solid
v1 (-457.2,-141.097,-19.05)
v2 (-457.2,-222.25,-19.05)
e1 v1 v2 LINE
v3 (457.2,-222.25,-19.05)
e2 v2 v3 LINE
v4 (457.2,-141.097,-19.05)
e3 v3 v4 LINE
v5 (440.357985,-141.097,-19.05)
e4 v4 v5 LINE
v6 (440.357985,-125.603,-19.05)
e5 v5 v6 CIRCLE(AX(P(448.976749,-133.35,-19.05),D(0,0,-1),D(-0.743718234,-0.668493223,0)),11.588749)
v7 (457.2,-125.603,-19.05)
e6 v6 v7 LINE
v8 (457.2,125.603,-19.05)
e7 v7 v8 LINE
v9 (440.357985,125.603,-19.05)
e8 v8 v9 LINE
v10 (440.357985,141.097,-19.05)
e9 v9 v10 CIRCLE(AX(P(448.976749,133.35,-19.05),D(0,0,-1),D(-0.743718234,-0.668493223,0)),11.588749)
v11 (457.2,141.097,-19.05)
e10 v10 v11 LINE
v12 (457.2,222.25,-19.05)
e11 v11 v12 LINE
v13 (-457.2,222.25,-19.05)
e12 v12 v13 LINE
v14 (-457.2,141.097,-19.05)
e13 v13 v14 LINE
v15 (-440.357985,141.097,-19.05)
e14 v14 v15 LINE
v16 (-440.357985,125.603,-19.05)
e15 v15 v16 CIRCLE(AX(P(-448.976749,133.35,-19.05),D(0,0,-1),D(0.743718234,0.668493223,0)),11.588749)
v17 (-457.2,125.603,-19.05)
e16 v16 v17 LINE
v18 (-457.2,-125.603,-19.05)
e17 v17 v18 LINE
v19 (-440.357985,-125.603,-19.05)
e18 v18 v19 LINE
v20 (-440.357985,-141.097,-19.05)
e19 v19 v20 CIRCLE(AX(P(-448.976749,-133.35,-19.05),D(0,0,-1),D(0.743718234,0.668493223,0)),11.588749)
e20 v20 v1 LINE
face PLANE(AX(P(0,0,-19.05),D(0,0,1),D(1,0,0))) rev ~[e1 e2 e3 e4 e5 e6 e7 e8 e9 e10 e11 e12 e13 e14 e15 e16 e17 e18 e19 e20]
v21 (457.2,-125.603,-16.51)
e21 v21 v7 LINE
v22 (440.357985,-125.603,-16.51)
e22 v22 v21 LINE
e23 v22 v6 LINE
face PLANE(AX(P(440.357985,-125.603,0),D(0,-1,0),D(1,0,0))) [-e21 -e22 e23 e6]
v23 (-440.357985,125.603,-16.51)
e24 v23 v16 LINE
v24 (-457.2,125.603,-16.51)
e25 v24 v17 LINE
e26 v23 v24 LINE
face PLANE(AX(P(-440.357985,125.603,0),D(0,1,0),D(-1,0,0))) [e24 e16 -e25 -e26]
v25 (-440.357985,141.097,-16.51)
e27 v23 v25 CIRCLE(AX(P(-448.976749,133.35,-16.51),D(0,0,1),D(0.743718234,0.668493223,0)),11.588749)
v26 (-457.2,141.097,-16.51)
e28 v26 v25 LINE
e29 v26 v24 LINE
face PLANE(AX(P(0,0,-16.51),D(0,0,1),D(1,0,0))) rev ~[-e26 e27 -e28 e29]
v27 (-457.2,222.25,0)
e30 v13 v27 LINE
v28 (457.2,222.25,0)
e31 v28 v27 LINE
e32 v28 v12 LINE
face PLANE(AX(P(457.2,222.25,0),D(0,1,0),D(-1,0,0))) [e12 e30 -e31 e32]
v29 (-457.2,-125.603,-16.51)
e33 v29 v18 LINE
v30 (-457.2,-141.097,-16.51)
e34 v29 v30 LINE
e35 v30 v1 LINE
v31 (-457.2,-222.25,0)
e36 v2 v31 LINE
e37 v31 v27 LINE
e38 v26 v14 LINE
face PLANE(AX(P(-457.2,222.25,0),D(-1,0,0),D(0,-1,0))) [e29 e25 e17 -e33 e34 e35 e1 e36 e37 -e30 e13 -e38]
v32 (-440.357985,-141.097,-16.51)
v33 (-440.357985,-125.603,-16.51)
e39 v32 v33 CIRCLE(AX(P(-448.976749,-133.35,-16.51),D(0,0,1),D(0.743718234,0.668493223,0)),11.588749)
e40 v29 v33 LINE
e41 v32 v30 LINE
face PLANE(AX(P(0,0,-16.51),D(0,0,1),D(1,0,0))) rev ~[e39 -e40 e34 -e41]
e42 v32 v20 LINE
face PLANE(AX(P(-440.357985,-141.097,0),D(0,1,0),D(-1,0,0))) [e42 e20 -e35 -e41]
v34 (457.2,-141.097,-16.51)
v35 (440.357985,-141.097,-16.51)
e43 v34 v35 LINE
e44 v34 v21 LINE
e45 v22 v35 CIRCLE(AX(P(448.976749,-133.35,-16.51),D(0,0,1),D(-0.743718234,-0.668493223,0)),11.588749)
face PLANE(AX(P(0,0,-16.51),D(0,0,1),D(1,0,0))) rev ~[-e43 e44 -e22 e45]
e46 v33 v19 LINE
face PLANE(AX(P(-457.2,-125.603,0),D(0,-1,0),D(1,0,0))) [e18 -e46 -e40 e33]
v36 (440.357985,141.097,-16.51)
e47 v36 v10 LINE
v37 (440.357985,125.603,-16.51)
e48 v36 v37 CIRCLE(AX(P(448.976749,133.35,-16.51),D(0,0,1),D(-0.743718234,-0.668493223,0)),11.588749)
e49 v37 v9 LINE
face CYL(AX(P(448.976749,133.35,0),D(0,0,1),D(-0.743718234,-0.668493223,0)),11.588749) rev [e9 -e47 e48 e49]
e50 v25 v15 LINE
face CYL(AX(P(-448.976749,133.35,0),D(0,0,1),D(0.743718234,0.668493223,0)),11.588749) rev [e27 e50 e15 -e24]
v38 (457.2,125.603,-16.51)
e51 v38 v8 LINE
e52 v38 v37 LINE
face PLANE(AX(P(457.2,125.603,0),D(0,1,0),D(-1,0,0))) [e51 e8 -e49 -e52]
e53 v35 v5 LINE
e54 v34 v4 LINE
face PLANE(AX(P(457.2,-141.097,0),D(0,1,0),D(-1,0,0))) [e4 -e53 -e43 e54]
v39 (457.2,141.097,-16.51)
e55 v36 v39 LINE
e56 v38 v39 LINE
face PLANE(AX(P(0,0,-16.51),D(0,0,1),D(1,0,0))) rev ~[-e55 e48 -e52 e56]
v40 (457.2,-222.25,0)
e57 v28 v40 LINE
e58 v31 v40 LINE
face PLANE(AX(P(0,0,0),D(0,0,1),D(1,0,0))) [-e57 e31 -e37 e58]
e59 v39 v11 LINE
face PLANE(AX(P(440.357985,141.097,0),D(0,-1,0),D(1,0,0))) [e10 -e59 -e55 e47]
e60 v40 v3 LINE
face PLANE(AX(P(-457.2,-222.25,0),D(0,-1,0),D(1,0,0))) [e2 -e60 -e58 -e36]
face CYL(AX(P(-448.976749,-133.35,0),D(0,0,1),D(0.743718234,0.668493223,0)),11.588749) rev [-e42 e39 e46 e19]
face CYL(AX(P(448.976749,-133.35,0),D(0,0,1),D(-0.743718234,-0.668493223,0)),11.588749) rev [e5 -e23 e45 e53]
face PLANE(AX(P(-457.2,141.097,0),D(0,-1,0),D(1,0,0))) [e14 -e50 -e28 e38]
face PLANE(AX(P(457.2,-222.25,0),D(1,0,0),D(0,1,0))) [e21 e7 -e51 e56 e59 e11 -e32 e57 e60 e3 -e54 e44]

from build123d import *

# Parameters (mm, degrees)
F0_W     = 16.256
F0_H     = 12.954
F1_DEPTH = 16.51
F2_DEPTH = 19.05


with BuildPart() as f1:
    # F0 (on Top) → F1 (new body)
    with BuildSketch(Plane.XY):
        with BuildLine():
            Line((457.2, 141.097), (457.2, 222.25))
            Line((457.2, 222.25), (-457.2, 222.25))
            Line((-457.2, 222.25), (-457.2, 141.097))
            Line((-457.2, 141.097), (-440.357985, 141.097))
            ThreePointArc((-440.357985, 141.097), (-437.388, 133.35), (-440.357985, 125.603))
            Line((-440.357985, 125.603), (-457.2, 125.603))
            Line((-457.2, 125.603), (-457.2, -125.603))
            Line((-457.2, -125.603), (-440.357985, -125.603))
            ThreePointArc((-440.357985, -125.603), (-437.388, -133.35), (-440.357985, -141.097))
            Line((-440.357985, -141.097), (-457.2, -141.097))
            Line((-457.2, -141.097), (-457.2, -222.25))
            Line((-457.2, -222.25), (457.2, -222.25))
            Line((457.2, -222.25), (457.2, -141.097))
            Line((457.2, -141.097), (440.357985, -141.097))
            ThreePointArc((440.357985, -141.097), (437.388, -133.35), (440.357985, -125.603))
            Line((440.357985, -125.603), (457.2, -125.603))
            Line((457.2, -125.603), (457.2, 125.603))
            Line((457.2, 125.603), (440.357985, 125.603))
            ThreePointArc((440.357985, 125.603), (437.388, 133.35), (440.357985, 141.097))
            Line((440.357985, 141.097), (457.2, 141.097))
        make_face()
        with BuildLine():
            Line((457.2, 125.603), (457.2, 141.097))
            Line((457.2, 141.097), (440.357985, 141.097))
            ThreePointArc((440.357985, 141.097), (437.388, 133.35), (440.357985, 125.603))
            Line((440.357985, 125.603), (457.2, 125.603))
        make_face()
        with BuildLine():
            Line((-440.357985, 141.097), (-457.2, 141.097))
            Line((-457.2, 141.097), (-457.2, 139.827))
            Line((-457.2, 139.827), (-440.944, 139.827))
            ThreePointArc((-440.944, 139.827), (-438.658, 133.35), (-440.944, 126.873))
            Line((-440.944, 126.873), (-457.2, 126.873))
            Line((-457.2, 126.873), (-457.2, 125.603))
            Line((-457.2, 125.603), (-440.357985, 125.603))
            ThreePointArc((-440.357985, 125.603), (-437.388, 133.35), (-440.357985, 141.097))
        make_face()
        with Locations((-449.072, 133.35)):
            Rectangle(F0_W, F0_H)
        with BuildLine():
            Line((457.2, -141.097), (457.2, -125.603))
            Line((457.2, -125.603), (440.357985, -125.603))
            ThreePointArc((440.357985, -125.603), (437.388, -133.35), (440.357985, -141.097))
            Line((440.357985, -141.097), (457.2, -141.097))
        make_face()
        with BuildLine():
            Line((-440.357985, -125.603), (-457.2, -125.603))
            Line((-457.2, -125.603), (-457.2, -126.873))
            Line((-457.2, -126.873), (-440.944, -126.873))
            ThreePointArc((-440.944, -126.873), (-438.658, -133.35), (-440.944, -139.827))
            Line((-440.944, -139.827), (-457.2, -139.827))
            Line((-457.2, -139.827), (-457.2, -141.097))
            Line((-457.2, -141.097), (-440.357985, -141.097))
            ThreePointArc((-440.357985, -141.097), (-437.388, -133.35), (-440.357985, -125.603))
        make_face()
        with Locations((-449.072, -133.35)):
            Rectangle(F0_W, F0_H)
        with BuildLine():
            ThreePointArc((-440.944, 126.873), (-438.658, 133.35), (-440.944, 139.827))
            Line((-440.944, 139.827), (-440.944, 126.873))
        make_face()
        with BuildLine():
            ThreePointArc((-440.944, -139.827), (-438.658, -133.35), (-440.944, -126.873))
            Line((-440.944, -126.873), (-440.944, -139.827))
        make_face()
    extrude(amount=-F1_DEPTH)

    # F0 (on Top) → F2 (join)
    with BuildSketch(Plane.XY):
        with BuildLine():
            Line((457.2, 141.097), (457.2, 222.25))
            Line((457.2, 222.25), (-457.2, 222.25))
            Line((-457.2, 222.25), (-457.2, 141.097))
            Line((-457.2, 141.097), (-440.357985, 141.097))
            ThreePointArc((-440.357985, 141.097), (-437.388, 133.35), (-440.357985, 125.603))
            Line((-440.357985, 125.603), (-457.2, 125.603))
            Line((-457.2, 125.603), (-457.2, -125.603))
            Line((-457.2, -125.603), (-440.357985, -125.603))
            ThreePointArc((-440.357985, -125.603), (-437.388, -133.35), (-440.357985, -141.097))
            Line((-440.357985, -141.097), (-457.2, -141.097))
            Line((-457.2, -141.097), (-457.2, -222.25))
            Line((-457.2, -222.25), (457.2, -222.25))
            Line((457.2, -222.25), (457.2, -141.097))
            Line((457.2, -141.097), (440.357985, -141.097))
            ThreePointArc((440.357985, -141.097), (437.388, -133.35), (440.357985, -125.603))
            Line((440.357985, -125.603), (457.2, -125.603))
            Line((457.2, -125.603), (457.2, 125.603))
            Line((457.2, 125.603), (440.357985, 125.603))
            ThreePointArc((440.357985, 125.603), (437.388, 133.35), (440.357985, 141.097))
            Line((440.357985, 141.097), (457.2, 141.097))
        make_face()
    extrude(amount=-F2_DEPTH)


solid = f1.part
